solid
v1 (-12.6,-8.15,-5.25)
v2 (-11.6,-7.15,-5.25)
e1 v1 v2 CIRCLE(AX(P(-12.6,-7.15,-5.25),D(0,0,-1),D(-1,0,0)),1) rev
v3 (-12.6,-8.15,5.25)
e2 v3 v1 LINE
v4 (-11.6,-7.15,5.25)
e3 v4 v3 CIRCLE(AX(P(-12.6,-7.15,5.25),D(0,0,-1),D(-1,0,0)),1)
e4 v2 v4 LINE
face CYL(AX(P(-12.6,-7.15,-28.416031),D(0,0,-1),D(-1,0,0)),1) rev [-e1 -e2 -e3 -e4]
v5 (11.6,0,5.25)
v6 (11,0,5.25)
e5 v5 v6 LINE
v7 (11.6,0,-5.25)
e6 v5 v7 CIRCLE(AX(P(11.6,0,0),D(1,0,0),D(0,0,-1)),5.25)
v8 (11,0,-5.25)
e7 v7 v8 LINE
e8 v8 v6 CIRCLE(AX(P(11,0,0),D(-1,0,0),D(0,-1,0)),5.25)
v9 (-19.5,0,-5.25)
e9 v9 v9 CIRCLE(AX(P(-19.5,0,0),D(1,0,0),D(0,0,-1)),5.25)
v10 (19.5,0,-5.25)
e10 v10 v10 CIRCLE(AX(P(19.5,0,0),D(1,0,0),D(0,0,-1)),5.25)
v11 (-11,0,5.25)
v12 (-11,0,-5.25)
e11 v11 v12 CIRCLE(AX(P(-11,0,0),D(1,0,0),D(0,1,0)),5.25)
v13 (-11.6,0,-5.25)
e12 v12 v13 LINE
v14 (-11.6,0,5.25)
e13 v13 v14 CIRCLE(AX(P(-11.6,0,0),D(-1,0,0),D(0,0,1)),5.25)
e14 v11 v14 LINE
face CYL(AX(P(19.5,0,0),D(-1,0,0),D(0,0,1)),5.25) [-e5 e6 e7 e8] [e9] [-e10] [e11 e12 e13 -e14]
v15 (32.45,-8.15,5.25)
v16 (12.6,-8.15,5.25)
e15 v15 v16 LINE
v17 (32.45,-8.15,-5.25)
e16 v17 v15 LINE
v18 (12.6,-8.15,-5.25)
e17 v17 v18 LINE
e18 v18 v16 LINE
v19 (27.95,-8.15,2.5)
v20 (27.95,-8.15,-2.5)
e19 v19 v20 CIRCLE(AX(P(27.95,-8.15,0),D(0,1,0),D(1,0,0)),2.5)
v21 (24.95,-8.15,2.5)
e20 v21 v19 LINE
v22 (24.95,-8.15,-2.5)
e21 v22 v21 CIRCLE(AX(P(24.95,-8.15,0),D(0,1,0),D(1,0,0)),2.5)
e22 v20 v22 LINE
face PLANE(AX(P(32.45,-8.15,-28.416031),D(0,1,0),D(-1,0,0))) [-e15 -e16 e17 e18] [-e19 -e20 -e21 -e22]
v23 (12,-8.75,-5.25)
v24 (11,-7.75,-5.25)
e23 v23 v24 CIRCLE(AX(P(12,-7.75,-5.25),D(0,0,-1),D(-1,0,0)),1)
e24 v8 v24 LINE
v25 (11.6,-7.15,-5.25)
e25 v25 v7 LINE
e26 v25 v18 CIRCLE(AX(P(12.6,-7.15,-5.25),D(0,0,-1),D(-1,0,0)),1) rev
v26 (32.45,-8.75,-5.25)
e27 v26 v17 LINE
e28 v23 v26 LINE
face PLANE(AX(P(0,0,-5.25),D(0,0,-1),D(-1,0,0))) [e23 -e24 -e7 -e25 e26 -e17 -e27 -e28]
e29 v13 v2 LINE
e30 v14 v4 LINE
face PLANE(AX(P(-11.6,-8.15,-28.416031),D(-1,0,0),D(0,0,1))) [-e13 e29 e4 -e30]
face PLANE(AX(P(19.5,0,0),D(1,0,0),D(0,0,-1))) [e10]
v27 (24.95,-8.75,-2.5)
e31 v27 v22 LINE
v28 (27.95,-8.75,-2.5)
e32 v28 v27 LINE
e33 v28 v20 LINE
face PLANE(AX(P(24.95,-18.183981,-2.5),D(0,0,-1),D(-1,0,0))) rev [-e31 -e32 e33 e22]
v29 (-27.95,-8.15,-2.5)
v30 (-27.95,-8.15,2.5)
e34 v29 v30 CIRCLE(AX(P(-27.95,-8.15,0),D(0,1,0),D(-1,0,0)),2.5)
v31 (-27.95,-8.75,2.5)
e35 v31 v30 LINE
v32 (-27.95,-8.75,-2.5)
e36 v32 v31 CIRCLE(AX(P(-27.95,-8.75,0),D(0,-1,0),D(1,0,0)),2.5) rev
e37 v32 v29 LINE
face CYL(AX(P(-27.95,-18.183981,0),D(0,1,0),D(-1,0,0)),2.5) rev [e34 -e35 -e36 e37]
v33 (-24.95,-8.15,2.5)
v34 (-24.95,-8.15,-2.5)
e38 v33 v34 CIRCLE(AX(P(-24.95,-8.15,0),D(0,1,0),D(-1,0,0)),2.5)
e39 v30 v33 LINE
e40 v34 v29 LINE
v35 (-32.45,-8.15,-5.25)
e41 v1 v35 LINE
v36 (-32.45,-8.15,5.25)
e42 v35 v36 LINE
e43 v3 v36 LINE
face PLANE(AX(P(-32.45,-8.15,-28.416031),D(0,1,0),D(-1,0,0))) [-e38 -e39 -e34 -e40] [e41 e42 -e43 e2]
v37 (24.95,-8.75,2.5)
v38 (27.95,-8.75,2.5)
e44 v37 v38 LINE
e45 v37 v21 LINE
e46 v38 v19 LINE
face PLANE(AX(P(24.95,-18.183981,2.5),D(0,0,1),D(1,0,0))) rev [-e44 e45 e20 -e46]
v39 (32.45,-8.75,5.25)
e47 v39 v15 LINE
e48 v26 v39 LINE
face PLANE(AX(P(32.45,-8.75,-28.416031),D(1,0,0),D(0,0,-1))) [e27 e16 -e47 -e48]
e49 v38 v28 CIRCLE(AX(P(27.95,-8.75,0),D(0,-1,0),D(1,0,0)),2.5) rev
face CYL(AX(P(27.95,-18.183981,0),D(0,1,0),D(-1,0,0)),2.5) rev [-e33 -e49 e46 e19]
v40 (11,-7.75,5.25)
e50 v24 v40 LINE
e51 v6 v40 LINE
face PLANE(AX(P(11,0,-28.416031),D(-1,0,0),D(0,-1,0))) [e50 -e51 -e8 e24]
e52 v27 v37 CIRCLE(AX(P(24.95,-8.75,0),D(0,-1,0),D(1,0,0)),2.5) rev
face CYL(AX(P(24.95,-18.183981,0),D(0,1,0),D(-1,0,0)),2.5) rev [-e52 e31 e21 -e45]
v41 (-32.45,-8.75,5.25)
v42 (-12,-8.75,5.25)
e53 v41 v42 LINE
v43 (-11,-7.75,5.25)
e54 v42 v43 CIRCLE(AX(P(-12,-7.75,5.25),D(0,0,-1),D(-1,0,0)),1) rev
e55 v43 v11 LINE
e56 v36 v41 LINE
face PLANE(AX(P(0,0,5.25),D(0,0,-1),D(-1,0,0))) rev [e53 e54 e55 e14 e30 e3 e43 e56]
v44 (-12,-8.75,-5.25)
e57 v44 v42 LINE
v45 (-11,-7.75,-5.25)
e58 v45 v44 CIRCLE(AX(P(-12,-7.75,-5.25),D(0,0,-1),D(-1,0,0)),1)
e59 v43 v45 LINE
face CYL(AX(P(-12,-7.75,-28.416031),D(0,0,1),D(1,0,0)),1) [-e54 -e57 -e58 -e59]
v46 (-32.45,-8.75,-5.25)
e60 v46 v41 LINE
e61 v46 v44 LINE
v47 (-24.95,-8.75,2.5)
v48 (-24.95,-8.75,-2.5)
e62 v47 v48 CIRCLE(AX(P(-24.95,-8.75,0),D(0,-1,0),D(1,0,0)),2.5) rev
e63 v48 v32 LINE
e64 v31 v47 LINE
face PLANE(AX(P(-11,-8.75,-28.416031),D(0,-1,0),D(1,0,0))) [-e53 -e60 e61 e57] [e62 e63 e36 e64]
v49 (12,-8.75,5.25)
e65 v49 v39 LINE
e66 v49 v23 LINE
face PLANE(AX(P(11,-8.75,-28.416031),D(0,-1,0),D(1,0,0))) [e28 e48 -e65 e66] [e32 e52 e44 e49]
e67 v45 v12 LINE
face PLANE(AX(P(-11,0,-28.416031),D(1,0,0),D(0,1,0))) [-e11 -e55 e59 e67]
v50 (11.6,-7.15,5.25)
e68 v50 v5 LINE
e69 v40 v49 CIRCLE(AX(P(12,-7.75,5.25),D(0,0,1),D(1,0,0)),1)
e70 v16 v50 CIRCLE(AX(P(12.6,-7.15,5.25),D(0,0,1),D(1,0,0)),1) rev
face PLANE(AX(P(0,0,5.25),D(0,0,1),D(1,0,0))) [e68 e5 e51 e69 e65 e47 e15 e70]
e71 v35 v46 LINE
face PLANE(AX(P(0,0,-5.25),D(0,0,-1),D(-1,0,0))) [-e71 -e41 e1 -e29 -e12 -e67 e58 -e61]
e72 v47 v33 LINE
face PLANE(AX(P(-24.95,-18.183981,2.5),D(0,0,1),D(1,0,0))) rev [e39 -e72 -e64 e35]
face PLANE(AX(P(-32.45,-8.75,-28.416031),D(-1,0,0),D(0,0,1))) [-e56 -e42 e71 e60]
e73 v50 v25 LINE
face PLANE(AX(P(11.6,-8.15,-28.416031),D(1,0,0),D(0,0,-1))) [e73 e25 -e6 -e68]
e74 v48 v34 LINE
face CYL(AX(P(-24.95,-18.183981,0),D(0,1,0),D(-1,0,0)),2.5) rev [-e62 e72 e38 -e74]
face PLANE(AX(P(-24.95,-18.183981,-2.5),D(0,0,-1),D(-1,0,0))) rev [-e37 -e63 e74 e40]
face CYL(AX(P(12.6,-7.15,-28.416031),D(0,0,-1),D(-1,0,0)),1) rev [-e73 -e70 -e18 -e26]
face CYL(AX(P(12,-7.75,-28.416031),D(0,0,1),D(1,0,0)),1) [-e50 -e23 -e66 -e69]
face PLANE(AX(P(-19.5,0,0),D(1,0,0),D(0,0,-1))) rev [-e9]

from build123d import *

# Parameters (mm, degrees)
SKETCH1_R           = 5.25
BOSS_EXTRUDE1_DEPTH = 19.5
BOSS_EXTRUDE2_DEPTH = 10.5
FILLET1_R           = 1
CUT_EXTRUDE1_DEPTH  = 0.6


with BuildPart() as part:
    # Sketch1 → Boss-Extrude1 (new, symmetric)
    with BuildSketch(Plane(origin=(0, 0, 0), x_dir=(0, 0, -1), z_dir=(1, 0, 0))):
        Circle(SKETCH1_R)
    extrude(amount=BOSS_EXTRUDE1_DEPTH, both=True)

    # Sketch2 → Boss-Extrude2 (add)
    with BuildSketch(Plane.XY.offset(5.25)):
        Polygon((-32.45, -8.15), (-11.6, -8.15), (-11.6, 0), (-11, 0), (-11, -8.75), (-32.45, -8.75), align=None)
        Polygon((32.45, -8.15), (11.6, -8.15), (11.6, 0), (11, 0), (11, -8.75), (32.45, -8.75), align=None)
    extrude(amount=-BOSS_EXTRUDE2_DEPTH)

    # Fillet1
    fillet1_edges = [part.edges().sort_by_distance(p)[0] for p in [
        (-11, -8.75, 0),
        (-11.6, -8.15, 0),
        (11.6, -8.15, 0),
        (11, -8.75, 0),
    ]]
    fillet(fillet1_edges, radius=FILLET1_R)

    # Sketch3 → Cut-Extrude1 (cut)
    with BuildSketch(Plane(origin=(0, -8.15, 0), x_dir=(1, 0, 0), z_dir=(0, 1, 0))):
        with BuildLine():
            Line((-24.95, -2.5), (-27.95, -2.5))
            ThreePointArc((-27.95, -2.5), (-30.45, 0), (-27.95, 2.5))
            Line((-27.95, 2.5), (-24.95, 2.5))
            ThreePointArc((-24.95, 2.5), (-22.45, 0), (-24.95, -2.5))
        make_face()
        with BuildLine():
            Line((24.95, -2.5), (27.95, -2.5))
            ThreePointArc((27.95, -2.5), (30.45, 0), (27.95, 2.5))
            Line((27.95, 2.5), (24.95, 2.5))
            ThreePointArc((24.95, 2.5), (22.45, 0), (24.95, -2.5))
        make_face()
    extrude(amount=-CUT_EXTRUDE1_DEPTH, mode=Mode.SUBTRACT)


solid = part.part
